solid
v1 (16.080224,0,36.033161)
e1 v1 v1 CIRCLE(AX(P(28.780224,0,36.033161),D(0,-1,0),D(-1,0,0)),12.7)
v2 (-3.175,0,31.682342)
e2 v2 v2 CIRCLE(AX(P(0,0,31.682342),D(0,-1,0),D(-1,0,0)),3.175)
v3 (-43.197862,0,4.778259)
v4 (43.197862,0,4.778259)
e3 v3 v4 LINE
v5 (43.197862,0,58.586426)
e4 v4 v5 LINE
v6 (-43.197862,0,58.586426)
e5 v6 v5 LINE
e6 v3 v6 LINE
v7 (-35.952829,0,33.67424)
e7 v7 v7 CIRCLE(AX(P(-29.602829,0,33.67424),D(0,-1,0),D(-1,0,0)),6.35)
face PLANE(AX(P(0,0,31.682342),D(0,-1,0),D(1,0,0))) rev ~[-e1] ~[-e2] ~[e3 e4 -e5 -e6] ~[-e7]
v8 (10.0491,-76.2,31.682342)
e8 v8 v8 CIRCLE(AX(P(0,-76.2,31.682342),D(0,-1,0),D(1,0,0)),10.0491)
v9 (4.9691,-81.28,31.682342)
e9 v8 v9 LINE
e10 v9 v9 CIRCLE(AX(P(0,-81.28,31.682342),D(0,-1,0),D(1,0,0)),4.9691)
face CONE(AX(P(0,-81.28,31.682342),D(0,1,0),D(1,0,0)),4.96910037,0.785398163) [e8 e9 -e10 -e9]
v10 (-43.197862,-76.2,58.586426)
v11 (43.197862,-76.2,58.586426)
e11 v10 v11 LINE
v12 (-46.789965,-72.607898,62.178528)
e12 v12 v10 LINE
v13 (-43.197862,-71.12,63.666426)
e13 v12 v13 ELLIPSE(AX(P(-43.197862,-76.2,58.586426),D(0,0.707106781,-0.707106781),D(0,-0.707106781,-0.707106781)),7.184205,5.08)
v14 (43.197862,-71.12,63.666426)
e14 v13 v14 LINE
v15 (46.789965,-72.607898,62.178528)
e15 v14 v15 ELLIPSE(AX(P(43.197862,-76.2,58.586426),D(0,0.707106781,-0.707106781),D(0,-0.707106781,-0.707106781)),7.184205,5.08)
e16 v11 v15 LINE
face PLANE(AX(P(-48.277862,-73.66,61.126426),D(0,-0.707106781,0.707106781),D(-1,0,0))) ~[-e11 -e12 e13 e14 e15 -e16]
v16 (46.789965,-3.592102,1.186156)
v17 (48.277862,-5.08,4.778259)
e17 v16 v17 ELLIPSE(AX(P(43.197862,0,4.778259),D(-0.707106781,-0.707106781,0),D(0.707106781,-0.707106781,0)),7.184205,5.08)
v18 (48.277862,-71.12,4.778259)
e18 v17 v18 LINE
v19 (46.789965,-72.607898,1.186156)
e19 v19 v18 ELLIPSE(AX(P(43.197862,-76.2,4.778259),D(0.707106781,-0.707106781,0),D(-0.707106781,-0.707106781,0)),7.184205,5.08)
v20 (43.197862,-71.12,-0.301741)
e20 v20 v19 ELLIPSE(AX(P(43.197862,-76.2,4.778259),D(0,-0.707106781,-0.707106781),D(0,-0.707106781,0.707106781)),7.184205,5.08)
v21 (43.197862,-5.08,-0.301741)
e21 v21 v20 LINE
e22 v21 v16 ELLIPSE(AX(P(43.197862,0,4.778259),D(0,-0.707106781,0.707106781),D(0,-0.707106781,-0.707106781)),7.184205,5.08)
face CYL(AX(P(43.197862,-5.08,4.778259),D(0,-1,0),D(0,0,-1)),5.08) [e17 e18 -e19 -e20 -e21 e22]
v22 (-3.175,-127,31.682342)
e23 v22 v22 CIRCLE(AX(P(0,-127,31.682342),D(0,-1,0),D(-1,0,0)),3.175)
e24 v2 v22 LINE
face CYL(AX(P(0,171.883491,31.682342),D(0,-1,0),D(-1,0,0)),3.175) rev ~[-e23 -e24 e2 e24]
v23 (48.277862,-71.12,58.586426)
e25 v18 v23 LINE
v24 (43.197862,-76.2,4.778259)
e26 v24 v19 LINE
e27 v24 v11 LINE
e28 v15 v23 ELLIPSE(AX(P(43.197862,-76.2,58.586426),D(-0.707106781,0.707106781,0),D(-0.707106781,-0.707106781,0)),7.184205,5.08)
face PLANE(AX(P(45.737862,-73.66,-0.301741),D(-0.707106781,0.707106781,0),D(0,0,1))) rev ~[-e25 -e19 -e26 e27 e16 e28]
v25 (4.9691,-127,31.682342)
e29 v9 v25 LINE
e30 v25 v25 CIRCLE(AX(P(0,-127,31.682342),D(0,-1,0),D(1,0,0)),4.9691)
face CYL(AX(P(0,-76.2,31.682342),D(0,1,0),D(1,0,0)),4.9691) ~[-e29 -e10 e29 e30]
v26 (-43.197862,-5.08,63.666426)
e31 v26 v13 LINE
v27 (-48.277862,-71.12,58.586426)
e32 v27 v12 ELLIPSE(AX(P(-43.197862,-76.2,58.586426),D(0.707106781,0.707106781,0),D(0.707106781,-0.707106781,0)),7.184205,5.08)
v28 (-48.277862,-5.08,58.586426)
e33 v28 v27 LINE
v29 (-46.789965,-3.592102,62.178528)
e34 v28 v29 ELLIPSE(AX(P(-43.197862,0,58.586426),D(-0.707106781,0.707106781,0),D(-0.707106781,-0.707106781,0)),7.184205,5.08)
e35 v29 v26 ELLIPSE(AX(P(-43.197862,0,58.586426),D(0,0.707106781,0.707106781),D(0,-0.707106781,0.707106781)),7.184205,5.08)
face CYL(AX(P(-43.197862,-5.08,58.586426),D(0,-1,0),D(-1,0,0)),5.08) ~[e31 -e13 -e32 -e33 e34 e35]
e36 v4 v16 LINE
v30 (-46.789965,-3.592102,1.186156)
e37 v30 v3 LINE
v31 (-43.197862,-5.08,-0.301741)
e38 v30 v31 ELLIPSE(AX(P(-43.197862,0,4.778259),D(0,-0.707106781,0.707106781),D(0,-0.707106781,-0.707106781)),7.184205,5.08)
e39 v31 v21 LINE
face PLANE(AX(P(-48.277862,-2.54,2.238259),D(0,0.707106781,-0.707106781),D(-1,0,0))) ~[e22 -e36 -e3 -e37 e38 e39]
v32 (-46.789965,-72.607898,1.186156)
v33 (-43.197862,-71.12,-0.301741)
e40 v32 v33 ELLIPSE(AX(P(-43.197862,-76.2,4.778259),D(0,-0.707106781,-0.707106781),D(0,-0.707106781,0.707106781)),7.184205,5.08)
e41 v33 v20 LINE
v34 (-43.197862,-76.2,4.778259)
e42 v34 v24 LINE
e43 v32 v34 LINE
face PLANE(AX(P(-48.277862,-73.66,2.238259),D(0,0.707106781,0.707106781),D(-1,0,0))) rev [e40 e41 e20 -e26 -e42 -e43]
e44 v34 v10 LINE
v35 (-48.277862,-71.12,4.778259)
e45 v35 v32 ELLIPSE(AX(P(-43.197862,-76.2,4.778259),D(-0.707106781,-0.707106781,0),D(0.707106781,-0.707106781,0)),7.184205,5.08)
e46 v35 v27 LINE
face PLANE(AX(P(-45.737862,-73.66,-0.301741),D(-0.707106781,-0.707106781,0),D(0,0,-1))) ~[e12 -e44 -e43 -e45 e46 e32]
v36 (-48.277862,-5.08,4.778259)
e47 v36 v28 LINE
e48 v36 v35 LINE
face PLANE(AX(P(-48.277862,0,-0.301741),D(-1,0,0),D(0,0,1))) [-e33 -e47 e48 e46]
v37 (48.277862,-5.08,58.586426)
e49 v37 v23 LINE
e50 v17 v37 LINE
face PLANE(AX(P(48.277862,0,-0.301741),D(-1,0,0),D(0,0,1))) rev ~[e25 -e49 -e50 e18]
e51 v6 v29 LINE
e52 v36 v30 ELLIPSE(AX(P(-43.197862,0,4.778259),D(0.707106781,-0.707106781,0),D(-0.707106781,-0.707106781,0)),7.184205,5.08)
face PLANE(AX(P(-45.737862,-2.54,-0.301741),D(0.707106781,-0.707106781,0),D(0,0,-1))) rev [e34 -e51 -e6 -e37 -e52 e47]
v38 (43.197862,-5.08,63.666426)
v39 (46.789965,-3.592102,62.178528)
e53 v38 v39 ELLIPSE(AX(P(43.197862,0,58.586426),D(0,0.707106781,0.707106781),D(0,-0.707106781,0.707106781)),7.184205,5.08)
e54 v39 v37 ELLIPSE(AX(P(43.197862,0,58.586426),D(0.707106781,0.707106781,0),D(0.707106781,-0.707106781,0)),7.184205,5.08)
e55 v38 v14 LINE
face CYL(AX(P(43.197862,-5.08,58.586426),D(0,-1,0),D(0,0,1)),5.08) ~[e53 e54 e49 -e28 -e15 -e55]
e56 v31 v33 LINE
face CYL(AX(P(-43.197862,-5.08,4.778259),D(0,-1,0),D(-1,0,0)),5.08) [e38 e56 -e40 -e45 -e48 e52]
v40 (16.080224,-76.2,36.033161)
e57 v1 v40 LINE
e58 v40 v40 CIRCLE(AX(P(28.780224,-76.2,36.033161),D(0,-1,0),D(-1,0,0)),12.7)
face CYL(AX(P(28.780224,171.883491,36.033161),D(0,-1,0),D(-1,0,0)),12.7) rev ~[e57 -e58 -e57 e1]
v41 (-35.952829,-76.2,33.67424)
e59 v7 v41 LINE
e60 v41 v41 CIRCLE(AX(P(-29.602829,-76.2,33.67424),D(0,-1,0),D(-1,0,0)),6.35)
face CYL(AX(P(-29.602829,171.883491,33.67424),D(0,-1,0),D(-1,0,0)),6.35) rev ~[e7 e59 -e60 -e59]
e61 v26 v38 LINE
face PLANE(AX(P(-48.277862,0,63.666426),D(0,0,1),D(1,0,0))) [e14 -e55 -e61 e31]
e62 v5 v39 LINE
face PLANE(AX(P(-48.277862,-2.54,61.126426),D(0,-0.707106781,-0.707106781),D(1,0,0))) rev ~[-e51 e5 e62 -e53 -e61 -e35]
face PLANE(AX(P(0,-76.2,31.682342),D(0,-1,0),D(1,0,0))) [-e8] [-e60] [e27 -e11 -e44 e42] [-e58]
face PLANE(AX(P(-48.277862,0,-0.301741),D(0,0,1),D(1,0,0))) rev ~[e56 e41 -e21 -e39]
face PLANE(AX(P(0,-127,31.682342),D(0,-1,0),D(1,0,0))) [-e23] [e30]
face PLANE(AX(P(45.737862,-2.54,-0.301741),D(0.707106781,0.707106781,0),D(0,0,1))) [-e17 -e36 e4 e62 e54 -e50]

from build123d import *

# Parameters (mm, degrees)
F0_W     = 96.55572474
F0_H     = 63.9681667089
F1_DEPTH = 76.2
F2_R     = 4.9691003704
F3_DEPTH = 50.8
F4_SIZE  = 5.08
F5_SIZE  = 5.08
F6_D     = 12.7
F7_D     = 6.35
F8_R     = 5.08
F9_R     = 5.08
F10_D    = 25.4


with BuildPart() as f1:
    # F0 (on Front) → F1 (new body)
    with BuildSketch(Plane.XZ):
        with Locations((0, 31.6823422909)):
            Rectangle(F0_W, F0_H)
    extrude(amount=F1_DEPTH)

    # F2 (on face) → F3 (join)
    with BuildSketch(Plane.XZ.offset(76.2)):
        with Locations((0, 31.6823422909)):
            Circle(F2_R)
    extrude(amount=F3_DEPTH)

    # F4
    f4_edges = [f1.edges().sort_by_distance(p)[0] for p in [
        (48.277862, -76.2, 31.682342),
        (0, -76.2, -0.301741),
        (0, -76.2, 63.666426),
        (-48.277862, -76.2, 31.682342),
        (-4.9691, -76.2, 31.682342),
    ]]
    chamfer(f4_edges, length=F4_SIZE)

    # F5
    f5_edges = [f1.edges().sort_by_distance(p)[0] for p in [
        (48.277862, 0, 31.682342),
        (0, 0, 63.666426),
        (-48.277862, 0, 31.682342),
        (0, 0, -0.301741),
    ]]
    chamfer(f5_edges, length=F5_SIZE)

    # F6 (through all)
    with Locations(Plane(origin=(0, 0, 0), x_dir=(1, 0, 0), z_dir=(0, 1, 0))):
        with Locations((-29.6028293669, -33.6742401123)):
            Hole(F6_D / 2)

    # F7 (through all)
    with Locations(Plane(origin=(0, 0, 0), x_dir=(1, 0, 0), z_dir=(0, 1, 0))):
        with Locations((0, -31.6823422909)):
            Hole(F7_D / 2)

    # F8
    f8_edges = [f1.edges().sort_by_distance(p)[0] for p in [
        (-48.277862, -38.1, -0.301741),
    ]]
    fillet(f8_edges, radius=F8_R)

    # F9
    f9_edges = [f1.edges().sort_by_distance(p)[0] for p in [
        (48.277862, -38.1, -0.301741),
        (48.277862, -38.1, 63.666426),
        (-48.277862, -38.1, 63.666426),
    ]]
    fillet(f9_edges, radius=F9_R)

    # F10 (through all)
    with Locations(Plane(origin=(0, 0, 0), x_dir=(1, 0, 0), z_dir=(0, 1, 0))):
        with Locations((28.7802238017, -36.0331609845)):
            Hole(F10_D / 2)


solid = f1.part
